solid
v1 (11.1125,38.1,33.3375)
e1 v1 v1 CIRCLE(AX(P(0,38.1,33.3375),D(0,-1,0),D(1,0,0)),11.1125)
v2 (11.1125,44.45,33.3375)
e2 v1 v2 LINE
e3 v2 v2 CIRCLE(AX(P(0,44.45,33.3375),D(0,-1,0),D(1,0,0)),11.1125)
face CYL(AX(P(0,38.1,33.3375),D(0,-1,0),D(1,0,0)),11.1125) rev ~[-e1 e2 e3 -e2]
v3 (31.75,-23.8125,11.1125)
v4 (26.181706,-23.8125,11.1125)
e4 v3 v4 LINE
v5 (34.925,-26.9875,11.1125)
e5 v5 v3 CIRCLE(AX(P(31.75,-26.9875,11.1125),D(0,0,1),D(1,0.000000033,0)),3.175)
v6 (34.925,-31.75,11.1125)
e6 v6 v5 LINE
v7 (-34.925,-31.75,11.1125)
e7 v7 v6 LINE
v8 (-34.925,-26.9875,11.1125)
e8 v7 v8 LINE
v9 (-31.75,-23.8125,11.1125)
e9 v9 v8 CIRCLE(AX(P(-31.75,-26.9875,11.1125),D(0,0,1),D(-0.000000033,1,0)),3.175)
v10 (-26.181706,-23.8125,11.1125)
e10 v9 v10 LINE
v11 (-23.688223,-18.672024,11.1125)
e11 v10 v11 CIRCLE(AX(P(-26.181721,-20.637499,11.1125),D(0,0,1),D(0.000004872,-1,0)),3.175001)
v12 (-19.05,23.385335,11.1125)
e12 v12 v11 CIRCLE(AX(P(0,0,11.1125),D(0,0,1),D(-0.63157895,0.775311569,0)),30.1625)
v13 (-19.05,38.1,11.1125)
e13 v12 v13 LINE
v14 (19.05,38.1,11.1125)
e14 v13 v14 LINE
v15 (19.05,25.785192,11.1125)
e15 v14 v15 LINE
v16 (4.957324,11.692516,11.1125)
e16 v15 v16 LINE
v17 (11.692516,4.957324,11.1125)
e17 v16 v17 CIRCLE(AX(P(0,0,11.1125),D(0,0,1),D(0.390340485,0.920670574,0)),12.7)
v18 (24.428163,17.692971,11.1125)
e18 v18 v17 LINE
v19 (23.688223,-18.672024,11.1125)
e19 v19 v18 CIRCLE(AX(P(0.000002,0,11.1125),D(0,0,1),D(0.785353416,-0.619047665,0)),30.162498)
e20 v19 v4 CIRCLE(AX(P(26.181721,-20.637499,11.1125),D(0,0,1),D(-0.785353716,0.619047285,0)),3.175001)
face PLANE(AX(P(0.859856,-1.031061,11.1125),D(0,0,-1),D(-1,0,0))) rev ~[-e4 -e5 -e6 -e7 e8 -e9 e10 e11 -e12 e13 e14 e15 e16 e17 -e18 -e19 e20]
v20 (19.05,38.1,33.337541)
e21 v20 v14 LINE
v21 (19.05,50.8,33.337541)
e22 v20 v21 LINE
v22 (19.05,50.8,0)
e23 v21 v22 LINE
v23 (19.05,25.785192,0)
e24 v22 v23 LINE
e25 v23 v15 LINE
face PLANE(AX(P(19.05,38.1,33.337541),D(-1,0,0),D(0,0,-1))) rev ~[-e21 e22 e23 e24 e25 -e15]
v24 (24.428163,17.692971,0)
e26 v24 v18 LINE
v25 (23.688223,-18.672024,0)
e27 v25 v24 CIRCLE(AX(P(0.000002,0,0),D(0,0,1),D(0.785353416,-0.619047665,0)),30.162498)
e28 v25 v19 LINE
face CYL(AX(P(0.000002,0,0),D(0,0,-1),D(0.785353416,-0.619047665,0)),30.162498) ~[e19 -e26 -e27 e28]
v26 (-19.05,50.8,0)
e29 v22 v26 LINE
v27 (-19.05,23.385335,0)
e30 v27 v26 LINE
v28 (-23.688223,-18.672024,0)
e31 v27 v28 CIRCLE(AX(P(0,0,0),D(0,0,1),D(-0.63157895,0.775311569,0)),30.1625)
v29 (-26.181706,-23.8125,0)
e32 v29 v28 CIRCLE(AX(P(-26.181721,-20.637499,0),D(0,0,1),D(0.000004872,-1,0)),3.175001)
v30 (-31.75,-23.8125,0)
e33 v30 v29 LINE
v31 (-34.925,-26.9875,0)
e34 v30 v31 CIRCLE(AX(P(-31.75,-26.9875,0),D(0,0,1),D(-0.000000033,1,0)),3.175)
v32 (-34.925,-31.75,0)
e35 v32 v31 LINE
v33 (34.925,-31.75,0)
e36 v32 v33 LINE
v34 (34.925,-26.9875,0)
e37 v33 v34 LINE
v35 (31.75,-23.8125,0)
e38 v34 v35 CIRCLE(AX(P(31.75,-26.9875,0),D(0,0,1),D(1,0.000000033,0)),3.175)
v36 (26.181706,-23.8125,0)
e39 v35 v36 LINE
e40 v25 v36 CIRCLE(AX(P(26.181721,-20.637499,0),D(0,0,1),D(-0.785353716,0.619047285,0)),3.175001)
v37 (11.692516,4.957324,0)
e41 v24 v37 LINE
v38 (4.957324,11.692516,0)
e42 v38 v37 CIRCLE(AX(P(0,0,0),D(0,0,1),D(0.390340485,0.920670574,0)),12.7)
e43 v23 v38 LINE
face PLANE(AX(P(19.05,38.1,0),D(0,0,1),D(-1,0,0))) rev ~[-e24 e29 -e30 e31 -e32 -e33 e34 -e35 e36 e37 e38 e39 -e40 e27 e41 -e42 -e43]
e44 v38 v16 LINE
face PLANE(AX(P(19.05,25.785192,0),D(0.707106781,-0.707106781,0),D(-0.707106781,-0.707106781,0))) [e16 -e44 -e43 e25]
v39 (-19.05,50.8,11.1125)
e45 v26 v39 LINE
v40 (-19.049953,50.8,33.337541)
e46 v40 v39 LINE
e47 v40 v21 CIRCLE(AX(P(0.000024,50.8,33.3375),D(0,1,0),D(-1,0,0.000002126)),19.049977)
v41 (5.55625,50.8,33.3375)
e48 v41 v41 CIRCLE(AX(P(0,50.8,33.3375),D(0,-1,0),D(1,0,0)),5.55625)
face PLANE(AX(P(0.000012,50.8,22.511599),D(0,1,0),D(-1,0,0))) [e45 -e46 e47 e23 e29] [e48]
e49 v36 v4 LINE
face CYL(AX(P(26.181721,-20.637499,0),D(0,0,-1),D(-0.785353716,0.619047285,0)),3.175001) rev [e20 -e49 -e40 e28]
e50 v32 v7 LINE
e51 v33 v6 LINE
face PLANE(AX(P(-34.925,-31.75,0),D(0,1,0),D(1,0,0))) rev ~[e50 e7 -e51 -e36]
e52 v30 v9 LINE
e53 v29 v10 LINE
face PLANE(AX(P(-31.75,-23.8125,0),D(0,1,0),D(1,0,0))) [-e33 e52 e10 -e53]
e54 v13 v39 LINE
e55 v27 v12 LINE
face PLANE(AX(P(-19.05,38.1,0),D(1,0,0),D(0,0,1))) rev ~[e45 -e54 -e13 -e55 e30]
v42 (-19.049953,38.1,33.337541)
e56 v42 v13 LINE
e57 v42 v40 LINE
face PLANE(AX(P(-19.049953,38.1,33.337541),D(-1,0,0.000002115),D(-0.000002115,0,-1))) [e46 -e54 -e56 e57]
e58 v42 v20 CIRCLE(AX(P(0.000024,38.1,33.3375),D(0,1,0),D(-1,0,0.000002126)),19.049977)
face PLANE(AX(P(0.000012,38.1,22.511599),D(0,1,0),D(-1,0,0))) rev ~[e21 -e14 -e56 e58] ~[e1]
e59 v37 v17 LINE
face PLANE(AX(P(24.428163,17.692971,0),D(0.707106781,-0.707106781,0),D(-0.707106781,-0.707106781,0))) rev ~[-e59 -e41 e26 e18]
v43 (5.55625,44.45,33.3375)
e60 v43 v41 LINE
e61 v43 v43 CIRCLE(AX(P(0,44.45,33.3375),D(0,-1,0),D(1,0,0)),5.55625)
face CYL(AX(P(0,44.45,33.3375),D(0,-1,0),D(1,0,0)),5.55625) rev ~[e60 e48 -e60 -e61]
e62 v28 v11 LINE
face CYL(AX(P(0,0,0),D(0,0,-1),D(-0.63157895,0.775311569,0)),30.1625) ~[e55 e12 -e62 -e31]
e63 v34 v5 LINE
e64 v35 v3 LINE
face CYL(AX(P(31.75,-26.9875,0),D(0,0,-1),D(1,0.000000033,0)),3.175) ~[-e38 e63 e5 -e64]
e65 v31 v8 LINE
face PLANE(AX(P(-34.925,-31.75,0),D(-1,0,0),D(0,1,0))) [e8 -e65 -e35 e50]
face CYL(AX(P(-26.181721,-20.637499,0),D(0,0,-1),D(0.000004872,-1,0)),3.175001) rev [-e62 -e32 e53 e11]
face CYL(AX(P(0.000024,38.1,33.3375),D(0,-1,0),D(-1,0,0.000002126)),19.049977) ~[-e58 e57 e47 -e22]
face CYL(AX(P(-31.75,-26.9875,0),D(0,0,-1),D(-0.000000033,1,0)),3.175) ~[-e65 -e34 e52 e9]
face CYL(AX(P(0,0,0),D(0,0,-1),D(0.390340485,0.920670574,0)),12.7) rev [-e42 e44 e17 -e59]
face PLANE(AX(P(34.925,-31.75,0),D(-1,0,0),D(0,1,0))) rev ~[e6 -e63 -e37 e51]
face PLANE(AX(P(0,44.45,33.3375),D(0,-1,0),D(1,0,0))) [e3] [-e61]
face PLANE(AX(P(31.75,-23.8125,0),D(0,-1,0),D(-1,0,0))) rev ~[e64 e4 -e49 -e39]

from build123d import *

# Parameters (mm, degrees)
PAD_DEPTH       = 11.1125
PAD001_DEPTH    = 12.7
SKETCH002_R     = 11.1125
POCKET_DEPTH    = 6.35
SKETCH003_R     = 5.55625
POCKET001_DEPTH = 6.351


with BuildPart() as part:
    # Sketch → Pad (new body)
    with BuildSketch(Plane.XY):
        with BuildLine():
            ThreePointArc((4.957324, 11.692516), (-8.980256, -8.980256), (11.692516, 4.957324))
            Line((24.428163, 17.692971), (11.692516, 4.957324))
            ThreePointArc((23.688223, -18.672024), (30.156258, -0.613607), (24.428163, 17.692971))
            ThreePointArc((23.688223, -18.672024), (23.325058, -22.023177), (26.181706, -23.8125))
            Line((31.75, -23.8125), (26.181706, -23.8125))
            ThreePointArc((34.925, -26.9875), (33.995064, -24.742436), (31.75, -23.8125))
            Line((34.925, -31.75), (34.925, -26.9875))
            Line((-34.925, -31.75), (34.925, -31.75))
            Line((-34.925, -31.75), (-34.925, -26.9875))
            ThreePointArc((-31.75, -23.8125), (-33.995064, -24.742436), (-34.925, -26.9875))
            Line((-31.75, -23.8125), (-26.181706, -23.8125))
            ThreePointArc((-26.181706, -23.8125), (-23.325058, -22.023177), (-23.688223, -18.672024))
            ThreePointArc((-19.05, 23.385335), (-29.980732, 3.306373), (-23.688223, -18.672024))
            Line((-19.05, 23.385335), (-19.05, 38.1))
            Line((-19.05, 38.1), (19.05, 38.1))
            Line((19.05, 38.1), (19.05, 25.785192))
            Line((19.05, 25.785192), (4.957324, 11.692516))
        make_face()
    extrude(amount=PAD_DEPTH)

    # Sketch001 → Pad001 (new body)
    with BuildSketch(Plane(origin=(0, 38.1, 0), x_dir=(-1, 0, 0), z_dir=(0, 1, 0))):
        with BuildLine():
            Line((-19.05, 0), (19.05, 0))
            Line((19.05, 0), (19.05, 11.1125))
            Line((19.049953, 33.337541), (19.05, 11.1125))
            ThreePointArc((19.049953, 33.337541), (-2.3e-05, 52.387477), (-19.05, 33.337541))
            Line((-19.05, 33.337541), (-19.05, 11.1125))
            Line((-19.05, 0), (-19.05, 11.1125))
        make_face()
    extrude(amount=PAD001_DEPTH)

    # Sketch002 → Pocket (cut)
    with BuildSketch(Plane.XZ.offset(-38.1)):
        with Locations((0, 33.3375)):
            Circle(SKETCH002_R)
    extrude(amount=-POCKET_DEPTH, mode=Mode.SUBTRACT)

    # Sketch003 → Pocket001 (cut, through all)
    with BuildSketch(Plane.XZ.offset(-44.45)):
        with Locations((0, 33.3375)):
            Circle(SKETCH003_R)
    extrude(amount=-POCKET001_DEPTH, mode=Mode.SUBTRACT)


solid = part.part
